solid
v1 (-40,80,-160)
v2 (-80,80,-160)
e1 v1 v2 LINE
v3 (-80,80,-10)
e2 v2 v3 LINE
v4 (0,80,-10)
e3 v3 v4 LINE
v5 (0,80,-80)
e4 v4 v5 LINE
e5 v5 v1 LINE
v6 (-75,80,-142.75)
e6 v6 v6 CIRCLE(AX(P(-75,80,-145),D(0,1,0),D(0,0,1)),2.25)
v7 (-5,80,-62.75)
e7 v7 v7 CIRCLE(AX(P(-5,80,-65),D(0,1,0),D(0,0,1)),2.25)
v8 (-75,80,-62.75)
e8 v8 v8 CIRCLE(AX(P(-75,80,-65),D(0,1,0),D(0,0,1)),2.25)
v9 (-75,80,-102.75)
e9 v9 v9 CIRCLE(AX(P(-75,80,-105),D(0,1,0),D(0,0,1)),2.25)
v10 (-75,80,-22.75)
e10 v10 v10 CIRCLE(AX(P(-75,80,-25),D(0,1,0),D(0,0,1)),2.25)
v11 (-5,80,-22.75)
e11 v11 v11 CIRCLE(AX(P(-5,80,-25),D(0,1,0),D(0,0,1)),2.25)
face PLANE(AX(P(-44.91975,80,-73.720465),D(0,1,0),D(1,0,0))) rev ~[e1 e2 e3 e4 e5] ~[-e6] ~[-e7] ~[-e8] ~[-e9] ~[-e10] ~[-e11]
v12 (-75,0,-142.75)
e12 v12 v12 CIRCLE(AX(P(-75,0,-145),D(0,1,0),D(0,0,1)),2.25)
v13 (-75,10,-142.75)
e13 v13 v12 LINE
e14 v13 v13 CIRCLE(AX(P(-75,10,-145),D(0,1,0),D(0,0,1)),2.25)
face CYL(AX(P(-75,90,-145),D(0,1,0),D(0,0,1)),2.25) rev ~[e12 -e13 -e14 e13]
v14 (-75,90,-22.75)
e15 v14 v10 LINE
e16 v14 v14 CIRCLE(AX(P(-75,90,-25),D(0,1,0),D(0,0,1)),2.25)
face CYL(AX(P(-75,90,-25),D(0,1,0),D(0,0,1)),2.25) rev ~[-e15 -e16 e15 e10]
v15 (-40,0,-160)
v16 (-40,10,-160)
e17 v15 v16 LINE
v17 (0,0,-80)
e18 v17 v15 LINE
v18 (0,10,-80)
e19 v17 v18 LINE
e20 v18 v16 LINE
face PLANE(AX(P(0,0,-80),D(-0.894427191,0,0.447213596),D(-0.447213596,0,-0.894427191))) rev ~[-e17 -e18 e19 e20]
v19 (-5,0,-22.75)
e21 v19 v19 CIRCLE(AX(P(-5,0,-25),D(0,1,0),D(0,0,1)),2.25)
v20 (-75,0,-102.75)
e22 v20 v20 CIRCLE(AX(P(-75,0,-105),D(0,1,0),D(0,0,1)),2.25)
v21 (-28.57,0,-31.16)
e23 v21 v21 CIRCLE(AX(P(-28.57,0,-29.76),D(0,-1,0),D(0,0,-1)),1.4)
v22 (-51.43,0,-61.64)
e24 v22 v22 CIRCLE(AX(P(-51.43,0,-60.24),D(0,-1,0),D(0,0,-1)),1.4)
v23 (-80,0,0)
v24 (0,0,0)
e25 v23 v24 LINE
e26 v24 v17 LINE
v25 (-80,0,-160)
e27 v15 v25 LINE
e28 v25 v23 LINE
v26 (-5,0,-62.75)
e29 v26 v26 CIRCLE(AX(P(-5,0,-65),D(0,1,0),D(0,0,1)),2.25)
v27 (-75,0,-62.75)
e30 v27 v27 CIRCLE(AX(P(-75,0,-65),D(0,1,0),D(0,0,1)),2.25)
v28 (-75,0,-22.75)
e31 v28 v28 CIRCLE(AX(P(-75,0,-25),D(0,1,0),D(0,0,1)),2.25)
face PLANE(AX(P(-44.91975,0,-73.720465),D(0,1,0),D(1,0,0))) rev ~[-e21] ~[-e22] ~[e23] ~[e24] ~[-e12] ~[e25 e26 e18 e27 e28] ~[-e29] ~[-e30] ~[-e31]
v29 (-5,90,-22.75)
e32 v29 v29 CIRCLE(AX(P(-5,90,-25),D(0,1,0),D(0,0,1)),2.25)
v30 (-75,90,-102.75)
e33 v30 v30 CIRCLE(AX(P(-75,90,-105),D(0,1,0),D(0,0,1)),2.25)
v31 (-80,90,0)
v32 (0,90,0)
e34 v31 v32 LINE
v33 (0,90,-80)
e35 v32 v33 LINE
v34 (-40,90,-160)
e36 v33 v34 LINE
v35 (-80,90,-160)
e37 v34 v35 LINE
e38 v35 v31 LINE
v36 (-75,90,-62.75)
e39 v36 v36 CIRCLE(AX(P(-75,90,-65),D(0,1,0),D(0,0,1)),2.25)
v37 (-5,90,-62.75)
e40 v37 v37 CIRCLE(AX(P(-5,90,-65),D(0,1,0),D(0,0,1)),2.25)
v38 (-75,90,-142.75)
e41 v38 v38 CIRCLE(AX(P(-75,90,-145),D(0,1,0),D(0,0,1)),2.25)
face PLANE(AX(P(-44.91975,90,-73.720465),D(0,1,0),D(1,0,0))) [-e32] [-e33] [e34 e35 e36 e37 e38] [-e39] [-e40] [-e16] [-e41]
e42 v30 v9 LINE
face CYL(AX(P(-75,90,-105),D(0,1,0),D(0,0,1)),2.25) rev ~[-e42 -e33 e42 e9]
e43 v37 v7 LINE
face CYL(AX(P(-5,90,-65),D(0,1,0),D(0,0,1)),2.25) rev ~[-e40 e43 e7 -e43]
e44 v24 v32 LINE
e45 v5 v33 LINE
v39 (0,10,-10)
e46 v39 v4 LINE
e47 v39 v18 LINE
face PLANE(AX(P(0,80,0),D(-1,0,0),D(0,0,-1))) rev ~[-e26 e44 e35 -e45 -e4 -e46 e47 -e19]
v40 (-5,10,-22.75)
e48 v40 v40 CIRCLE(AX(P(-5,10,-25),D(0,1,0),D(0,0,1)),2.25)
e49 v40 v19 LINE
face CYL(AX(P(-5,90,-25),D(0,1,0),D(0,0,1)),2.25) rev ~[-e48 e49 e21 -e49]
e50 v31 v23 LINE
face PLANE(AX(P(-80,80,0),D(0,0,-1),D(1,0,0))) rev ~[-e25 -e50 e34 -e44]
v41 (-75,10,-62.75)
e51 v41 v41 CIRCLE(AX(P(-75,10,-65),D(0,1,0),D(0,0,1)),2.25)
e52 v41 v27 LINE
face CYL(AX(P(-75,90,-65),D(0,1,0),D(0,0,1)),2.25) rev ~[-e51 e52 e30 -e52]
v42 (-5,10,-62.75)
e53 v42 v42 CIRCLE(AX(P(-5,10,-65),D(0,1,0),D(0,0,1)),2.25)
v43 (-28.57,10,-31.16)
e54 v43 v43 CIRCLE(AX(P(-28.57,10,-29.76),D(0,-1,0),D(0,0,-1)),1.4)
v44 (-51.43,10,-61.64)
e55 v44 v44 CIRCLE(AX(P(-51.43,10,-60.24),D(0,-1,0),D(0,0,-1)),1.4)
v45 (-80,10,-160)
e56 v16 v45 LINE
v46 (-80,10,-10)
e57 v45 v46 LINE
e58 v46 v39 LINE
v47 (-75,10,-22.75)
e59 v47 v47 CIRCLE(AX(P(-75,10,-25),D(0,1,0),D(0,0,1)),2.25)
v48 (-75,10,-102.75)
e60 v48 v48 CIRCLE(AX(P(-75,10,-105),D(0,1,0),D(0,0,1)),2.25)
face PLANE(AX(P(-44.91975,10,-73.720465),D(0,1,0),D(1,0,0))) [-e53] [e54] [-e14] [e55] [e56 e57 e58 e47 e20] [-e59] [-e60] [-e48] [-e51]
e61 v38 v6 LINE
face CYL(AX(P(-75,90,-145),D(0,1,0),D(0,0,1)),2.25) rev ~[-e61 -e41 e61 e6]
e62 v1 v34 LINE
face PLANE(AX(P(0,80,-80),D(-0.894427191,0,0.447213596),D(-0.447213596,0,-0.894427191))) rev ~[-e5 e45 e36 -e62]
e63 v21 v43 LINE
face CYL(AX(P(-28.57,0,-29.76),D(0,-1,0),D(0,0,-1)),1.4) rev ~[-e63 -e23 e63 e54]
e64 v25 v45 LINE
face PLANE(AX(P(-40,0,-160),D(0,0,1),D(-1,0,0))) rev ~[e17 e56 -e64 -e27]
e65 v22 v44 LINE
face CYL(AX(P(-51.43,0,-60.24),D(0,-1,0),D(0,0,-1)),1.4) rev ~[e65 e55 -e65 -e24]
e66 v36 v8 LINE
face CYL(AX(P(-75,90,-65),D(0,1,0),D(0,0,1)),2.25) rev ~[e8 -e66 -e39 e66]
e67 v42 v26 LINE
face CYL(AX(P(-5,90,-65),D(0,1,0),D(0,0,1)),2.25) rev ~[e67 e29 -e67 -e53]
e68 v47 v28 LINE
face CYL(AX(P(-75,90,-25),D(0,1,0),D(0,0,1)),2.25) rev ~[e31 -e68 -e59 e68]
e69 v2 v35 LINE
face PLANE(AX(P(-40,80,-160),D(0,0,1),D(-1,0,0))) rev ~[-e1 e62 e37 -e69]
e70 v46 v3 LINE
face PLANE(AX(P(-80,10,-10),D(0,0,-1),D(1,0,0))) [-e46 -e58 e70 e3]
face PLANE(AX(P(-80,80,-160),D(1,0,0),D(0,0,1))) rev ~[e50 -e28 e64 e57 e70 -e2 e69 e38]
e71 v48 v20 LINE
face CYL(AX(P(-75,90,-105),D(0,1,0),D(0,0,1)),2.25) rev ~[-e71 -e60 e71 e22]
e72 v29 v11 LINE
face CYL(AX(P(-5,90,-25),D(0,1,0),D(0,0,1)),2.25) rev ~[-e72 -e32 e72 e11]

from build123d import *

# Parameters (mm, degrees)
SALIENTE_EXTRUIR1_DEPTH = 10
CROQUIS2_W              = 80
CROQUIS2_H              = 10
SALIENTE_EXTRUIR2_DEPTH = 70
SALIENTE_EXTRUIR3_DEPTH = 10
CROQUIS4_R              = 2.25
CORTAR_EXTRUIR1_DEPTH   = 201.249843945
CORTAR_EXTRUIR2_REACH   = 202.25
CROQUIS5_R              = 1.4


with BuildPart() as part:
    # Croquis1 → Saliente-Extruir1 (new body)
    with BuildSketch(Plane(origin=(0, 0, 0), x_dir=(1, 0, 0), z_dir=(0, 1, 0))):
        Polygon((0, 0), (0, 80), (-40, 160), (-80, 160), (-80, 0), align=None)
    extrude(amount=SALIENTE_EXTRUIR1_DEPTH)

    # Croquis2 → Saliente-Extruir2 (add)
    with BuildSketch(Plane(origin=(0, 10, 0), x_dir=(1, 0, 0), z_dir=(0, 1, 0))):
        with Locations((-40, 5)):
            Rectangle(CROQUIS2_W, CROQUIS2_H)
    extrude(amount=SALIENTE_EXTRUIR2_DEPTH)

    # Croquis3 → Saliente-Extruir3 (add)
    with BuildSketch(Plane(origin=(0, 80, 0), x_dir=(1, 0, 0), z_dir=(0, 1, 0))):
        Polygon((-80, 0), (0, 0), (0, 80), (-40, 160), (-80, 160), align=None)
    extrude(amount=SALIENTE_EXTRUIR3_DEPTH)

    # Croquis4 → Cortar-Extruir1 (cut, through all)
    with BuildSketch(Plane(origin=(0, 90, 0), x_dir=(1, 0, 0), z_dir=(0, 1, 0))):
        with Locations(Location((-75, 25, 0), (0, 0, 270))):
            Circle(CROQUIS4_R)
        with Locations(Location((-5, 25, 0), (0, 0, 270))):
            Circle(CROQUIS4_R)
        with Locations(Location((-5, 65, 0), (0, 0, 270))):
            Circle(CROQUIS4_R)
        with Locations(Location((-75, 65, 0), (0, 0, 270))):
            Circle(CROQUIS4_R)
        with Locations(Location((-75, 145, 0), (0, 0, 270))):
            Circle(CROQUIS4_R)
        with Locations(Location((-75, 105, 0), (0, 0, 270))):
            Circle(CROQUIS4_R)
    extrude(amount=-CORTAR_EXTRUIR1_DEPTH, mode=Mode.SUBTRACT)

    # Croquis5 → Cortar-Extruir2 (cut, up to next)
    with BuildSketch(Plane.XZ, mode=Mode.PRIVATE) as cortar_extruir2_sk1:
        with Locations(Location((-28.57, -29.76, 0), (0, 0, 270))):
            Circle(CROQUIS5_R)
    cortar_extruir2_tool1 = extrude(cortar_extruir2_sk1.sketch, amount=-CORTAR_EXTRUIR2_REACH, mode=Mode.PRIVATE) & part.part
    # Croquis5 → Cortar-Extruir2 (cut, up to next)
    with BuildSketch(Plane.XZ, mode=Mode.PRIVATE) as cortar_extruir2_sk2:
        with Locations(Location((-51.43, -60.24, 0), (0, 0, 270))):
            Circle(CROQUIS5_R)
    cortar_extruir2_tool2 = extrude(cortar_extruir2_sk2.sketch, amount=-CORTAR_EXTRUIR2_REACH, mode=Mode.PRIVATE) & part.part
    add(cortar_extruir2_tool1.solids().sort_by_distance((-28.57, 0, -29.76))[0], mode=Mode.SUBTRACT)
    add(cortar_extruir2_tool2.solids().sort_by_distance((-51.43, 0, -60.24))[0], mode=Mode.SUBTRACT)


solid = part.part
